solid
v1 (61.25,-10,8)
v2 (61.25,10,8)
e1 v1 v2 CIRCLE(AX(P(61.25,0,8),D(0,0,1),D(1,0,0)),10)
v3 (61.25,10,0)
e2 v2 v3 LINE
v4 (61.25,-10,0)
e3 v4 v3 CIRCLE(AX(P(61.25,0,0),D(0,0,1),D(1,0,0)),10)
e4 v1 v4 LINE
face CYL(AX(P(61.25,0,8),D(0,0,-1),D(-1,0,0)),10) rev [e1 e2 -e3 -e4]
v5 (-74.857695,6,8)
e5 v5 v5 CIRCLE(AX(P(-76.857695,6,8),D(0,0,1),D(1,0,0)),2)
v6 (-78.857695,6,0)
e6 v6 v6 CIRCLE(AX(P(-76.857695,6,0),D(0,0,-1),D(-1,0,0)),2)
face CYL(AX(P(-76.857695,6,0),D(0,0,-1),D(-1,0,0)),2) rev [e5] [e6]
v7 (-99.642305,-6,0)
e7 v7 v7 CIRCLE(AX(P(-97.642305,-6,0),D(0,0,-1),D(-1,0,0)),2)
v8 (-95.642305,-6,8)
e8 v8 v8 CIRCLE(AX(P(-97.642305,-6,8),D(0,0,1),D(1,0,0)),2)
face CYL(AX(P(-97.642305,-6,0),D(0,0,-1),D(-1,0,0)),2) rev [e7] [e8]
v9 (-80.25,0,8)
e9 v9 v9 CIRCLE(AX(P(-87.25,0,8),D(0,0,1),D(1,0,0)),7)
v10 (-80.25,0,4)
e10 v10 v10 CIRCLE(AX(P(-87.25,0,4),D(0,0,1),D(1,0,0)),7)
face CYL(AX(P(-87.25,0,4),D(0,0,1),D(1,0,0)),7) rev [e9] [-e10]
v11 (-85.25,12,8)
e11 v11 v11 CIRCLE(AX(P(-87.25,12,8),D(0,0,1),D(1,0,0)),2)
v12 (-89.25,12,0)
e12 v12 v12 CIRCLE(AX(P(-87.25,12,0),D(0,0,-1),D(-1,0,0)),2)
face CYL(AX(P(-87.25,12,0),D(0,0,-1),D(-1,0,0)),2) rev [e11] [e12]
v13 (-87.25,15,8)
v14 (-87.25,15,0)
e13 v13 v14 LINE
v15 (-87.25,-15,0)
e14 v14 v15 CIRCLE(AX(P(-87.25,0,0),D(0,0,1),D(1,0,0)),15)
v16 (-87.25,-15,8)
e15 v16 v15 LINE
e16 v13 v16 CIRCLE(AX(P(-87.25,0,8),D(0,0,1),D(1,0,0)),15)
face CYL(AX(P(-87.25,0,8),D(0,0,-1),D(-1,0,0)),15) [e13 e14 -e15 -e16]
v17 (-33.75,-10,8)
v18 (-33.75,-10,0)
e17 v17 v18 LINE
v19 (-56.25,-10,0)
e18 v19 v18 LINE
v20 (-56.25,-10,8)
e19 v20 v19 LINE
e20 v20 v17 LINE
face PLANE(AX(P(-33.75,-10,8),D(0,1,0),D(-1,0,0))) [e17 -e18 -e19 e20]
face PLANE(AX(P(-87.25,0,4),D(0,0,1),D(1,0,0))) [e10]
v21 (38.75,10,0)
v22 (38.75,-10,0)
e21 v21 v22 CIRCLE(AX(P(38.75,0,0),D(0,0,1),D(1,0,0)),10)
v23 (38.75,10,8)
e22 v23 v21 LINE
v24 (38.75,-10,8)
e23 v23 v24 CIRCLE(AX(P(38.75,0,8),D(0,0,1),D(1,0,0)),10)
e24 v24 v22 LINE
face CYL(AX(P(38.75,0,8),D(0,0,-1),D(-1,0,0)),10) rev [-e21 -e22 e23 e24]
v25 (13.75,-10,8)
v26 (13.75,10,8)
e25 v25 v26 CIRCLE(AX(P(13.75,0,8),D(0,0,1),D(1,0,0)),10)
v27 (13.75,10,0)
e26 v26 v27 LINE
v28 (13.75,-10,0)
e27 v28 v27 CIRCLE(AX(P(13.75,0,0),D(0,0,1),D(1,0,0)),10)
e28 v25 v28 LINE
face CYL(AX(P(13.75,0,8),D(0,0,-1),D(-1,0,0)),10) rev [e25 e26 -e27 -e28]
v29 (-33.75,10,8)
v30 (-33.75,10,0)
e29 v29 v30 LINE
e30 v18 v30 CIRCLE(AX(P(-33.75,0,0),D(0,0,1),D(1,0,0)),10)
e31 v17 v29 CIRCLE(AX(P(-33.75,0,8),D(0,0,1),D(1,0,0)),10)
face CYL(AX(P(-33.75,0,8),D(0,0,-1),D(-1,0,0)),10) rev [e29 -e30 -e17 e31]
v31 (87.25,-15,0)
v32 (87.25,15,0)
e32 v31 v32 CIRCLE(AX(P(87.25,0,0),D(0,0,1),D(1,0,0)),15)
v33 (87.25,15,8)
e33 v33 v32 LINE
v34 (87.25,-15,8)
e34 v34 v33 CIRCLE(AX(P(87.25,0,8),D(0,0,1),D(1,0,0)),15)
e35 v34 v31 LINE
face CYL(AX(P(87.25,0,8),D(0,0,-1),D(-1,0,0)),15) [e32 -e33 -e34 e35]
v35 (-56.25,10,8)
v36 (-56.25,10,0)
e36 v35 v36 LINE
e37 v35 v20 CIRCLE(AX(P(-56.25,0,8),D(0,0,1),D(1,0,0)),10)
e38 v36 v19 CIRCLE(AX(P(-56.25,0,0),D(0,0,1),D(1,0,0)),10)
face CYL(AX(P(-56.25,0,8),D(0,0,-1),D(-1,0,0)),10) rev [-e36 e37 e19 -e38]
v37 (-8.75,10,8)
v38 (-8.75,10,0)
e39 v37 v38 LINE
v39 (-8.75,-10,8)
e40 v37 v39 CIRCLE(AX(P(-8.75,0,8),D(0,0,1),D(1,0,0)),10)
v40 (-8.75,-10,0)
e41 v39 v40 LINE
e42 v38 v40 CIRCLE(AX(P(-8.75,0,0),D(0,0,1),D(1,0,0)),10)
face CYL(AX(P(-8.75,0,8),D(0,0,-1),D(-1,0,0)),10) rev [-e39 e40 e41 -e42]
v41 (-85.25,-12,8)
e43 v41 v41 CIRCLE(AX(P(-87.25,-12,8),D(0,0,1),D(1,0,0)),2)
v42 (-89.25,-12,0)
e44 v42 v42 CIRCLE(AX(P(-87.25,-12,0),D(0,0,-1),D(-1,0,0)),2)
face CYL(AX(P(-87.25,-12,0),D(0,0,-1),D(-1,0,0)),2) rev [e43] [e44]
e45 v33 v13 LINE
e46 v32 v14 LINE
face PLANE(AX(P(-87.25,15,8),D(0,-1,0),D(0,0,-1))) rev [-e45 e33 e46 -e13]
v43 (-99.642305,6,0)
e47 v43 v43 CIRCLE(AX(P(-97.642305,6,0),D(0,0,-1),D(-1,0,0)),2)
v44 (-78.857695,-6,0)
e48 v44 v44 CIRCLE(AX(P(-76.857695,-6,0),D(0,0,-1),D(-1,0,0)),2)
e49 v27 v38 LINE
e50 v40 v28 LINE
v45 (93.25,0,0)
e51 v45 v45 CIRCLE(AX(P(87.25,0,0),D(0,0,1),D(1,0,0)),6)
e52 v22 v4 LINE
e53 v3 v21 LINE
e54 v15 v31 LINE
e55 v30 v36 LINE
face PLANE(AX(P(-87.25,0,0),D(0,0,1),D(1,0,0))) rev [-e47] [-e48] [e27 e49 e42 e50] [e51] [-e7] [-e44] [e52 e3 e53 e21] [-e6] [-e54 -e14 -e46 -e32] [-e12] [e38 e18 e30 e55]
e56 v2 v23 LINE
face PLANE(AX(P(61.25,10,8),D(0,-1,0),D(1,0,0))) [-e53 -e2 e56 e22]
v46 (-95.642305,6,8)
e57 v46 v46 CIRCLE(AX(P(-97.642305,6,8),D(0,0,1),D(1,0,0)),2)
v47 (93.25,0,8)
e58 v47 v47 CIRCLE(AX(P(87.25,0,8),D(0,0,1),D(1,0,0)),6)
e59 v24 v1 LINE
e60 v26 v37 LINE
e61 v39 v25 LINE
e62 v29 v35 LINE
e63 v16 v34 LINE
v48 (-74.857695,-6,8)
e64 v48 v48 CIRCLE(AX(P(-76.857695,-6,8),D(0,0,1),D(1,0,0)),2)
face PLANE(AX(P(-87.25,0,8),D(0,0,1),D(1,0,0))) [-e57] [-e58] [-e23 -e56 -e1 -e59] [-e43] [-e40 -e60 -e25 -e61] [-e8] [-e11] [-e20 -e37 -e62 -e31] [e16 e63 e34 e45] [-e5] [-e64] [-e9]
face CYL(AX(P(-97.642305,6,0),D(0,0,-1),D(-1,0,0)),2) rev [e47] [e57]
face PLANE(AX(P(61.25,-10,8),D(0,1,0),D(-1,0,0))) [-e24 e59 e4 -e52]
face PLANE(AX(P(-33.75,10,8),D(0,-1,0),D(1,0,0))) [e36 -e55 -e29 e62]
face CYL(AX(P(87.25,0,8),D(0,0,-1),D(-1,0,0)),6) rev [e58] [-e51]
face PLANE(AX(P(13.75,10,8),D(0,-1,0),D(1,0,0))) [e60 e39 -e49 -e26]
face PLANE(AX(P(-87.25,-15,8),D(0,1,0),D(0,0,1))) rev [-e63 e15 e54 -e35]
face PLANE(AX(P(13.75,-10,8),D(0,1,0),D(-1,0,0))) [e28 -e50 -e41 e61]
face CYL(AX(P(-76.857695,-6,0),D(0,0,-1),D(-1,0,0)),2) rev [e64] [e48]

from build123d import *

# Parameters (mm, degrees)
SKETCH1_R           = 6
BOSS_EXTRUDE1_DEPTH = 8
CIRPATTERN1_COUNT   = 6
SKETCH9_R           = 7
CUT_EXTRUDE1_DEPTH  = 4


with BuildPart() as part:
    # Sketch1 → Boss-Extrude1 (new body)
    with BuildSketch(Plane.XY):
        with BuildLine():
            Line((-87.25, 15), (87.25, 15))
            ThreePointArc((87.25, 15), (102.25, 0), (87.25, -15))
            Line((87.25, -15), (-87.25, -15))
            ThreePointArc((-87.25, -15), (-102.25, 0), (-87.25, 15))
        make_face()
        with Locations((87.25, 0)):
            Circle(SKETCH1_R, mode=Mode.SUBTRACT)
        with BuildLine():
            Line((61.25, -10), (38.75, -10))
            ThreePointArc((38.75, -10), (28.75, 0), (38.75, 10))
            Line((38.75, 10), (61.25, 10))
            ThreePointArc((61.25, 10), (71.25, 0), (61.25, -10))
        make_face(mode=Mode.SUBTRACT)
        with BuildLine():
            Line((13.75, -10), (-8.75, -10))
            ThreePointArc((-8.75, -10), (-18.75, 0), (-8.75, 10))
            Line((-8.75, 10), (13.75, 10))
            ThreePointArc((13.75, 10), (23.75, 0), (13.75, -10))
        make_face(mode=Mode.SUBTRACT)
        with BuildLine():
            Line((-33.75, -10), (-56.25, -10))
            ThreePointArc((-56.25, -10), (-66.25, 0), (-56.25, 10))
            Line((-56.25, 10), (-33.75, 10))
            ThreePointArc((-33.75, 10), (-23.75, 0), (-33.75, -10))
        make_face(mode=Mode.SUBTRACT)
    extrude(amount=BOSS_EXTRUDE1_DEPTH)

    # Sketch7 → Ø4.0mm Dowel Hole1 (revolve, cut)
    with BuildSketch(Plane(origin=(-87.25, 12, 0), x_dir=(0, 1, 0), z_dir=(1, 0, 0))):
        Polygon((0, 0), (0, 101.201721238), (2, 100), (2, 0), align=None)
    f_4_0mm_dowel_hole1 = revolve(axis=Axis((-87.25, 12, -6.35), (0, 0, 1)), mode=Mode.SUBTRACT)

    # CirPattern1: Ø4.0mm Dowel Hole1 ×6 about axis
    cirpattern1_axis = Axis((-87.25, 0, 38), (0, 0, -1))
    for i in range(1, CIRPATTERN1_COUNT):
        add(f_4_0mm_dowel_hole1.rotate(cirpattern1_axis, i * 360 / CIRPATTERN1_COUNT), mode=Mode.SUBTRACT)

    # Sketch9 → Cut-Extrude1 (cut)
    with BuildSketch(Plane.XY.offset(8)):
        with Locations((-87.25, 0)):
            Circle(SKETCH9_R)
    extrude(amount=-CUT_EXTRUDE1_DEPTH, mode=Mode.SUBTRACT)


solid = part.part
